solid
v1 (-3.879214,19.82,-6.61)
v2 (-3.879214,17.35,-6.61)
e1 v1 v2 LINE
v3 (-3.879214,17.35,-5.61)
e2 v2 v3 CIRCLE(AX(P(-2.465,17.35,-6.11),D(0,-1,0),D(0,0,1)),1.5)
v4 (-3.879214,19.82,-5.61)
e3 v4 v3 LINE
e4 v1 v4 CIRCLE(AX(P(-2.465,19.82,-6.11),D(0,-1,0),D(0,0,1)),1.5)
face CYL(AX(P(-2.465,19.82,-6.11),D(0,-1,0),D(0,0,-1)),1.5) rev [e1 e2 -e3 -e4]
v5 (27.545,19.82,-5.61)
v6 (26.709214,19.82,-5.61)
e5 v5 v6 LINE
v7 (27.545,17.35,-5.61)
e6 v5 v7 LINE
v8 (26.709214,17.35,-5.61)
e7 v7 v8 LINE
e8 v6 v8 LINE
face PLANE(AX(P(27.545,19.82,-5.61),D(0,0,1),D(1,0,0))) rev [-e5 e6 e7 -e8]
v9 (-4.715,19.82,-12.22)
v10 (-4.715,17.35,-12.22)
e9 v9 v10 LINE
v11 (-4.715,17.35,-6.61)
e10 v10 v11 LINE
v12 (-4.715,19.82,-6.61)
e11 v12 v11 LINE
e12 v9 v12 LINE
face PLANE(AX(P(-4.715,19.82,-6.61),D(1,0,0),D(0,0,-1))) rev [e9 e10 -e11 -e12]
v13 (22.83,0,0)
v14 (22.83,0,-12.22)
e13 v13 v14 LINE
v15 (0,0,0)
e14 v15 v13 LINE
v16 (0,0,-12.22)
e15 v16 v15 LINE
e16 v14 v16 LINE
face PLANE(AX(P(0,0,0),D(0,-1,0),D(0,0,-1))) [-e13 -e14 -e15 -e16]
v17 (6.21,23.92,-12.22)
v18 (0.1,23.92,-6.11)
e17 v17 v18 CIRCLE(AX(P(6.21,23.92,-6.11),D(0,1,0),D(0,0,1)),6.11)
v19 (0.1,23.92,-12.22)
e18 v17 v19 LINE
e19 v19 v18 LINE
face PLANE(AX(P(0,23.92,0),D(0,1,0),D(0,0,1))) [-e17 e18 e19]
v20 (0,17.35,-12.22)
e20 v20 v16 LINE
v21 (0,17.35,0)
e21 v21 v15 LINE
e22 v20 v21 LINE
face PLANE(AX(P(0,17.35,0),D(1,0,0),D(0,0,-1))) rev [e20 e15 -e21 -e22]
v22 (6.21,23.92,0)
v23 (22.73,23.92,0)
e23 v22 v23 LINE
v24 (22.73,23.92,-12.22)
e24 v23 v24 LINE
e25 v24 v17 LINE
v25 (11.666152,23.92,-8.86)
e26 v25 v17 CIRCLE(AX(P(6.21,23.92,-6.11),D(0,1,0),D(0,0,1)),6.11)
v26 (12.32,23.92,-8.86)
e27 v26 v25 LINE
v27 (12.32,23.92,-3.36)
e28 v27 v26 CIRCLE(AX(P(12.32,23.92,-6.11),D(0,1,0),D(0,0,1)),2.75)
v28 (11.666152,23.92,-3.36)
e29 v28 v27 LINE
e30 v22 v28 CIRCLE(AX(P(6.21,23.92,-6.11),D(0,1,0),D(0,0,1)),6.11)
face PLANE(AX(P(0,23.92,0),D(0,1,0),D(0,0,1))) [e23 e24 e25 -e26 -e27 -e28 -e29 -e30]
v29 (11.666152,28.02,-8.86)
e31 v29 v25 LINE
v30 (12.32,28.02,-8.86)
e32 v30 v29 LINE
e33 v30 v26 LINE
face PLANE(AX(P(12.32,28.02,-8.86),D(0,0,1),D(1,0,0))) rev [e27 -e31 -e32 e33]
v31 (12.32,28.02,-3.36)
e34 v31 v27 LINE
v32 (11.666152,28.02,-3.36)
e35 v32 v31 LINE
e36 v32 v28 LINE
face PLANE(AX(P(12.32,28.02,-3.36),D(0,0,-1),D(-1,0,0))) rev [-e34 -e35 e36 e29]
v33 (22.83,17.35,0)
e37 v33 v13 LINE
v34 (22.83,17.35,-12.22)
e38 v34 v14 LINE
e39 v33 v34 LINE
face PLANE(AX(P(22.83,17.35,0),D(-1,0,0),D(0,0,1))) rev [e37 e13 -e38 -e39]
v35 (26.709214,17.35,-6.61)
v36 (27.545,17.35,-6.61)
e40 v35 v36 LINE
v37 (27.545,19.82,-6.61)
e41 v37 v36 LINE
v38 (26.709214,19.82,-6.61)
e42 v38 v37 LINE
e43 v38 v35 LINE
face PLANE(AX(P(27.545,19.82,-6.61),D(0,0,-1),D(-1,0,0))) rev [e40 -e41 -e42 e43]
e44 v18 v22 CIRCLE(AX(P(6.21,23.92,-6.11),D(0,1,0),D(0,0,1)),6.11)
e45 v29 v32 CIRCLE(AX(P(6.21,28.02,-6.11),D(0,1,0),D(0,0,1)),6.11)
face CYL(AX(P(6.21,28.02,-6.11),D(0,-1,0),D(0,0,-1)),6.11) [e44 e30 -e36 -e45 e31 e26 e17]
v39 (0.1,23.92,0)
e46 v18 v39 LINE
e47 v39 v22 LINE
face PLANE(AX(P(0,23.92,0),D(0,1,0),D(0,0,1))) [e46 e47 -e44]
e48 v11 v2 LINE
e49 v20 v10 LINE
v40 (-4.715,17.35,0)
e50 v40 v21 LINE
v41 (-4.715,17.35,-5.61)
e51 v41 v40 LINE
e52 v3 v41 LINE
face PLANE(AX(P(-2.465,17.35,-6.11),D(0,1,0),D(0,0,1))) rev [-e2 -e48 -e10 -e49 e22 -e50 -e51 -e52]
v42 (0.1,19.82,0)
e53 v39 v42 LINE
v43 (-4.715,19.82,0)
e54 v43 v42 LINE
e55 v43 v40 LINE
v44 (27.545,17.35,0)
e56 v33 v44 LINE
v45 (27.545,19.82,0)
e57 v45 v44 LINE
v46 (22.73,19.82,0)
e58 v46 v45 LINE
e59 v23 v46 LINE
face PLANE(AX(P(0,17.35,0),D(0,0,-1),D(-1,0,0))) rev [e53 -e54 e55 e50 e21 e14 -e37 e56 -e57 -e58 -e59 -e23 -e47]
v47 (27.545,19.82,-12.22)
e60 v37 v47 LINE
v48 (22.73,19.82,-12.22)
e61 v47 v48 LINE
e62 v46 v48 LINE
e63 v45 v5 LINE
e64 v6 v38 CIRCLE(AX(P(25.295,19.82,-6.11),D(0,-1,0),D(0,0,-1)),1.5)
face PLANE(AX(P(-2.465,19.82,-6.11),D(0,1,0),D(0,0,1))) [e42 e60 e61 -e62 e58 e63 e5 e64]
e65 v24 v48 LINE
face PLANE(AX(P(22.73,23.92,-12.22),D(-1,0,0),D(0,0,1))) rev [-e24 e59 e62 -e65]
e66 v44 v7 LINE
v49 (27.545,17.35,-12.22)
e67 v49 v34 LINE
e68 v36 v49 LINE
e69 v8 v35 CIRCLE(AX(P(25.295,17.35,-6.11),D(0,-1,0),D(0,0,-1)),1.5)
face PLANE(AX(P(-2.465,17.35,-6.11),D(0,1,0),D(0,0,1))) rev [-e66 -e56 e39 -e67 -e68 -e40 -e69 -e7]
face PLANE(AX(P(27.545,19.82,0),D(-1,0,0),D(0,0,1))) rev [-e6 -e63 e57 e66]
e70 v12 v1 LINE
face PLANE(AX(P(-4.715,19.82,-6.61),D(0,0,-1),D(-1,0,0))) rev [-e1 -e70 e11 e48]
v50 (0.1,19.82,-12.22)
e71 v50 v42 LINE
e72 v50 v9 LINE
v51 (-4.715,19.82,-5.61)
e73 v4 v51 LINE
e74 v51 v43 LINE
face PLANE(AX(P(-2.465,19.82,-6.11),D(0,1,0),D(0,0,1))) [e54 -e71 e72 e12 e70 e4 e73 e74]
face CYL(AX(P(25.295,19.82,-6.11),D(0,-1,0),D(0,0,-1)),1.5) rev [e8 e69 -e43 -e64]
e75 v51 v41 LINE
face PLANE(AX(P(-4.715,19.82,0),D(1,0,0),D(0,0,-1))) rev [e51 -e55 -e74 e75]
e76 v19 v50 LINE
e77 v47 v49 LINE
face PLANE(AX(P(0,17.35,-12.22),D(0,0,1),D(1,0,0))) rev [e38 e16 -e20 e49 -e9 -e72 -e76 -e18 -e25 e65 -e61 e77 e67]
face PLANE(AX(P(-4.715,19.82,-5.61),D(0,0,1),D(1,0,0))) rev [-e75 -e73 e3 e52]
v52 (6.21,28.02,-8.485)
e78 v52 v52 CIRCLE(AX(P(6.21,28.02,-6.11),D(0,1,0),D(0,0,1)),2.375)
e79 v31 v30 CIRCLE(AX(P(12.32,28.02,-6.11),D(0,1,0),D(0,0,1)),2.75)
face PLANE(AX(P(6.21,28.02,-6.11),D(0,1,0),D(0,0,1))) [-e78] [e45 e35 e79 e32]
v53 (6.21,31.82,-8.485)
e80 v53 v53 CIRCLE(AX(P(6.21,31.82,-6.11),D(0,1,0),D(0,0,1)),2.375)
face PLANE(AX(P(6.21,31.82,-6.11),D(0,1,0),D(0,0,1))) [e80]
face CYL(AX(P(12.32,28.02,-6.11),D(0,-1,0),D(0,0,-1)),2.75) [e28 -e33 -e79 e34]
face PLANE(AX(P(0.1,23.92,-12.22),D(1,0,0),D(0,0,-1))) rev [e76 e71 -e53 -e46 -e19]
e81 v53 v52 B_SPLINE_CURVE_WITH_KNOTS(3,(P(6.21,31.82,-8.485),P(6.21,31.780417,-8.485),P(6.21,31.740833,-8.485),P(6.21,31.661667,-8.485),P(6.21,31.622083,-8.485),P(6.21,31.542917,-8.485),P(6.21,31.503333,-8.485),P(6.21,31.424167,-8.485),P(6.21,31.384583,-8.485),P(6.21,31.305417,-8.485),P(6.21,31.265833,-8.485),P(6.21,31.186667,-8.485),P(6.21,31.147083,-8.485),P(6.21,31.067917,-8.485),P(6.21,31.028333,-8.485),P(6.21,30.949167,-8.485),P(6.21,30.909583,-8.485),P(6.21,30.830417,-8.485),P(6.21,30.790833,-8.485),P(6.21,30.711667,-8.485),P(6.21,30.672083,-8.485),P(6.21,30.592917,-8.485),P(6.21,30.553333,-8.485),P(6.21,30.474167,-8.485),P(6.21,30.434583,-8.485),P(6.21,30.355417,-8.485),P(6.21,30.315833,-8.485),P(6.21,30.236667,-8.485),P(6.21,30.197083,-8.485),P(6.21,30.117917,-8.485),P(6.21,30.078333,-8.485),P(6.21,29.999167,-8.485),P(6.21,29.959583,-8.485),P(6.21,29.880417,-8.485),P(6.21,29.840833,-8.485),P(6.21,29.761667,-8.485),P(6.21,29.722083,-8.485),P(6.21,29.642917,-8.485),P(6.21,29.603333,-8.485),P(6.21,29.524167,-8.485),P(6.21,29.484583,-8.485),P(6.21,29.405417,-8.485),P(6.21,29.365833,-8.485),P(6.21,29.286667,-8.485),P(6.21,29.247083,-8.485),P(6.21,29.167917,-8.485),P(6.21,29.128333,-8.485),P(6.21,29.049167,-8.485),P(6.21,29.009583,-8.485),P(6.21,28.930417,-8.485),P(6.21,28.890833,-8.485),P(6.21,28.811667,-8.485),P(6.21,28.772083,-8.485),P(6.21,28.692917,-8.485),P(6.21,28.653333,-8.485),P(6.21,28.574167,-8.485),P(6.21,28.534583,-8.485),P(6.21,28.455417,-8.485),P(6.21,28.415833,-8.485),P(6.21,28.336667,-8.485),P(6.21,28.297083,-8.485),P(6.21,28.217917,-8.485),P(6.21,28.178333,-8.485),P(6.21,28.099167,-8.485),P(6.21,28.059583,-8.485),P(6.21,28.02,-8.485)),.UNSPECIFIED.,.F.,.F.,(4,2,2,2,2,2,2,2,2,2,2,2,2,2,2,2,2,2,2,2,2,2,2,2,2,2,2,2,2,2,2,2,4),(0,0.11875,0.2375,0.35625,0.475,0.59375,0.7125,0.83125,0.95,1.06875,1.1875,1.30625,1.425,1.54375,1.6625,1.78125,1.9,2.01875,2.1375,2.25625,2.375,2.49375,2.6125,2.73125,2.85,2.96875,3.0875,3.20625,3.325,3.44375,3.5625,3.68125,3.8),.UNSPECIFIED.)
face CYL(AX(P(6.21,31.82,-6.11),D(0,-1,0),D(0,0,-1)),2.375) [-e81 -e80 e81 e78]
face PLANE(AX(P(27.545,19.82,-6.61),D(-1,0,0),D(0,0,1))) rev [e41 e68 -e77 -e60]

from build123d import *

# Parameters (mm, degrees)
SKETCH1_W           = 22.83
SKETCH1_H           = 12.22
BOSS_EXTRUDE1_DEPTH = 17.35
BOSS_EXTRUDE2_DEPTH = 2.47
SKETCH3_W           = 22.63
SKETCH3_H           = 12.22
BOSS_EXTRUDE3_DEPTH = 4.1
BOSS_EXTRUDE4_DEPTH = 4.1
SKETCH5_R           = 2.375
BOSS_EXTRUDE5_DEPTH = 3.8


with BuildPart() as part:
    # Sketch1 → Boss-Extrude1 (new body)
    with BuildSketch(Plane(origin=(0, 0, 0), x_dir=(1, 0, 0), z_dir=(0, 1, 0))):
        with Locations((11.415, 6.11)):
            Rectangle(SKETCH1_W, SKETCH1_H)
    extrude(amount=BOSS_EXTRUDE1_DEPTH)

    # Sketch2 → Boss-Extrude2 (add)
    with BuildSketch(Plane(origin=(0, 17.35, 0), x_dir=(1, 0, 0), z_dir=(0, 1, 0))):
        with BuildLine():
            Line((-4.715, 0), (27.545, 0))
            Line((27.545, 0), (27.545, 5.61))
            Line((27.545, 5.61), (26.709213562, 5.61))
            ThreePointArc((26.709213562, 5.61), (23.795, 6.11), (26.709213562, 6.61))
            Line((26.709213562, 6.61), (27.545, 6.61))
            Line((27.545, 6.61), (27.545, 12.22))
            Line((27.545, 12.22), (-4.715, 12.22))
            Line((-4.715, 12.22), (-4.715, 6.61))
            Line((-4.715, 6.61), (-3.879213562, 6.61))
            ThreePointArc((-3.879213562, 6.61), (-0.965, 6.11), (-3.879213562, 5.61))
            Line((-3.879213562, 5.61), (-4.715, 5.61))
            Line((-4.715, 5.61), (-4.715, 0))
        make_face()
    extrude(amount=BOSS_EXTRUDE2_DEPTH)

    # Sketch3 → Boss-Extrude3 (add)
    with BuildSketch(Plane(origin=(0, 19.82, 0), x_dir=(1, 0, 0), z_dir=(0, 1, 0))):
        with Locations((11.415, 6.11)):
            Rectangle(SKETCH3_W, SKETCH3_H)
    extrude(amount=BOSS_EXTRUDE3_DEPTH)

    # Sketch4 → Boss-Extrude4 (add)
    with BuildSketch(Plane(origin=(0, 23.92, 0), x_dir=(1, 0, 0), z_dir=(0, 1, 0))):
        with BuildLine():
            Line((12.32, 3.36), (11.666152491, 3.36))
            ThreePointArc((11.666152491, 3.36), (0.1, 6.11), (11.666152491, 8.86))
            Line((11.666152491, 8.86), (12.32, 8.86))
            ThreePointArc((12.32, 8.86), (15.07, 6.11), (12.32, 3.36))
        make_face()
    extrude(amount=BOSS_EXTRUDE4_DEPTH)

    # Sketch5 → Boss-Extrude5 (add)
    with BuildSketch(Plane(origin=(0, 28.02, 0), x_dir=(1, 0, 0), z_dir=(0, 1, 0))):
        with Locations(Location((6.21, 6.11, 0), (0, 0, 90))):
            Circle(SKETCH5_R)
    extrude(amount=BOSS_EXTRUDE5_DEPTH)


solid = part.part
